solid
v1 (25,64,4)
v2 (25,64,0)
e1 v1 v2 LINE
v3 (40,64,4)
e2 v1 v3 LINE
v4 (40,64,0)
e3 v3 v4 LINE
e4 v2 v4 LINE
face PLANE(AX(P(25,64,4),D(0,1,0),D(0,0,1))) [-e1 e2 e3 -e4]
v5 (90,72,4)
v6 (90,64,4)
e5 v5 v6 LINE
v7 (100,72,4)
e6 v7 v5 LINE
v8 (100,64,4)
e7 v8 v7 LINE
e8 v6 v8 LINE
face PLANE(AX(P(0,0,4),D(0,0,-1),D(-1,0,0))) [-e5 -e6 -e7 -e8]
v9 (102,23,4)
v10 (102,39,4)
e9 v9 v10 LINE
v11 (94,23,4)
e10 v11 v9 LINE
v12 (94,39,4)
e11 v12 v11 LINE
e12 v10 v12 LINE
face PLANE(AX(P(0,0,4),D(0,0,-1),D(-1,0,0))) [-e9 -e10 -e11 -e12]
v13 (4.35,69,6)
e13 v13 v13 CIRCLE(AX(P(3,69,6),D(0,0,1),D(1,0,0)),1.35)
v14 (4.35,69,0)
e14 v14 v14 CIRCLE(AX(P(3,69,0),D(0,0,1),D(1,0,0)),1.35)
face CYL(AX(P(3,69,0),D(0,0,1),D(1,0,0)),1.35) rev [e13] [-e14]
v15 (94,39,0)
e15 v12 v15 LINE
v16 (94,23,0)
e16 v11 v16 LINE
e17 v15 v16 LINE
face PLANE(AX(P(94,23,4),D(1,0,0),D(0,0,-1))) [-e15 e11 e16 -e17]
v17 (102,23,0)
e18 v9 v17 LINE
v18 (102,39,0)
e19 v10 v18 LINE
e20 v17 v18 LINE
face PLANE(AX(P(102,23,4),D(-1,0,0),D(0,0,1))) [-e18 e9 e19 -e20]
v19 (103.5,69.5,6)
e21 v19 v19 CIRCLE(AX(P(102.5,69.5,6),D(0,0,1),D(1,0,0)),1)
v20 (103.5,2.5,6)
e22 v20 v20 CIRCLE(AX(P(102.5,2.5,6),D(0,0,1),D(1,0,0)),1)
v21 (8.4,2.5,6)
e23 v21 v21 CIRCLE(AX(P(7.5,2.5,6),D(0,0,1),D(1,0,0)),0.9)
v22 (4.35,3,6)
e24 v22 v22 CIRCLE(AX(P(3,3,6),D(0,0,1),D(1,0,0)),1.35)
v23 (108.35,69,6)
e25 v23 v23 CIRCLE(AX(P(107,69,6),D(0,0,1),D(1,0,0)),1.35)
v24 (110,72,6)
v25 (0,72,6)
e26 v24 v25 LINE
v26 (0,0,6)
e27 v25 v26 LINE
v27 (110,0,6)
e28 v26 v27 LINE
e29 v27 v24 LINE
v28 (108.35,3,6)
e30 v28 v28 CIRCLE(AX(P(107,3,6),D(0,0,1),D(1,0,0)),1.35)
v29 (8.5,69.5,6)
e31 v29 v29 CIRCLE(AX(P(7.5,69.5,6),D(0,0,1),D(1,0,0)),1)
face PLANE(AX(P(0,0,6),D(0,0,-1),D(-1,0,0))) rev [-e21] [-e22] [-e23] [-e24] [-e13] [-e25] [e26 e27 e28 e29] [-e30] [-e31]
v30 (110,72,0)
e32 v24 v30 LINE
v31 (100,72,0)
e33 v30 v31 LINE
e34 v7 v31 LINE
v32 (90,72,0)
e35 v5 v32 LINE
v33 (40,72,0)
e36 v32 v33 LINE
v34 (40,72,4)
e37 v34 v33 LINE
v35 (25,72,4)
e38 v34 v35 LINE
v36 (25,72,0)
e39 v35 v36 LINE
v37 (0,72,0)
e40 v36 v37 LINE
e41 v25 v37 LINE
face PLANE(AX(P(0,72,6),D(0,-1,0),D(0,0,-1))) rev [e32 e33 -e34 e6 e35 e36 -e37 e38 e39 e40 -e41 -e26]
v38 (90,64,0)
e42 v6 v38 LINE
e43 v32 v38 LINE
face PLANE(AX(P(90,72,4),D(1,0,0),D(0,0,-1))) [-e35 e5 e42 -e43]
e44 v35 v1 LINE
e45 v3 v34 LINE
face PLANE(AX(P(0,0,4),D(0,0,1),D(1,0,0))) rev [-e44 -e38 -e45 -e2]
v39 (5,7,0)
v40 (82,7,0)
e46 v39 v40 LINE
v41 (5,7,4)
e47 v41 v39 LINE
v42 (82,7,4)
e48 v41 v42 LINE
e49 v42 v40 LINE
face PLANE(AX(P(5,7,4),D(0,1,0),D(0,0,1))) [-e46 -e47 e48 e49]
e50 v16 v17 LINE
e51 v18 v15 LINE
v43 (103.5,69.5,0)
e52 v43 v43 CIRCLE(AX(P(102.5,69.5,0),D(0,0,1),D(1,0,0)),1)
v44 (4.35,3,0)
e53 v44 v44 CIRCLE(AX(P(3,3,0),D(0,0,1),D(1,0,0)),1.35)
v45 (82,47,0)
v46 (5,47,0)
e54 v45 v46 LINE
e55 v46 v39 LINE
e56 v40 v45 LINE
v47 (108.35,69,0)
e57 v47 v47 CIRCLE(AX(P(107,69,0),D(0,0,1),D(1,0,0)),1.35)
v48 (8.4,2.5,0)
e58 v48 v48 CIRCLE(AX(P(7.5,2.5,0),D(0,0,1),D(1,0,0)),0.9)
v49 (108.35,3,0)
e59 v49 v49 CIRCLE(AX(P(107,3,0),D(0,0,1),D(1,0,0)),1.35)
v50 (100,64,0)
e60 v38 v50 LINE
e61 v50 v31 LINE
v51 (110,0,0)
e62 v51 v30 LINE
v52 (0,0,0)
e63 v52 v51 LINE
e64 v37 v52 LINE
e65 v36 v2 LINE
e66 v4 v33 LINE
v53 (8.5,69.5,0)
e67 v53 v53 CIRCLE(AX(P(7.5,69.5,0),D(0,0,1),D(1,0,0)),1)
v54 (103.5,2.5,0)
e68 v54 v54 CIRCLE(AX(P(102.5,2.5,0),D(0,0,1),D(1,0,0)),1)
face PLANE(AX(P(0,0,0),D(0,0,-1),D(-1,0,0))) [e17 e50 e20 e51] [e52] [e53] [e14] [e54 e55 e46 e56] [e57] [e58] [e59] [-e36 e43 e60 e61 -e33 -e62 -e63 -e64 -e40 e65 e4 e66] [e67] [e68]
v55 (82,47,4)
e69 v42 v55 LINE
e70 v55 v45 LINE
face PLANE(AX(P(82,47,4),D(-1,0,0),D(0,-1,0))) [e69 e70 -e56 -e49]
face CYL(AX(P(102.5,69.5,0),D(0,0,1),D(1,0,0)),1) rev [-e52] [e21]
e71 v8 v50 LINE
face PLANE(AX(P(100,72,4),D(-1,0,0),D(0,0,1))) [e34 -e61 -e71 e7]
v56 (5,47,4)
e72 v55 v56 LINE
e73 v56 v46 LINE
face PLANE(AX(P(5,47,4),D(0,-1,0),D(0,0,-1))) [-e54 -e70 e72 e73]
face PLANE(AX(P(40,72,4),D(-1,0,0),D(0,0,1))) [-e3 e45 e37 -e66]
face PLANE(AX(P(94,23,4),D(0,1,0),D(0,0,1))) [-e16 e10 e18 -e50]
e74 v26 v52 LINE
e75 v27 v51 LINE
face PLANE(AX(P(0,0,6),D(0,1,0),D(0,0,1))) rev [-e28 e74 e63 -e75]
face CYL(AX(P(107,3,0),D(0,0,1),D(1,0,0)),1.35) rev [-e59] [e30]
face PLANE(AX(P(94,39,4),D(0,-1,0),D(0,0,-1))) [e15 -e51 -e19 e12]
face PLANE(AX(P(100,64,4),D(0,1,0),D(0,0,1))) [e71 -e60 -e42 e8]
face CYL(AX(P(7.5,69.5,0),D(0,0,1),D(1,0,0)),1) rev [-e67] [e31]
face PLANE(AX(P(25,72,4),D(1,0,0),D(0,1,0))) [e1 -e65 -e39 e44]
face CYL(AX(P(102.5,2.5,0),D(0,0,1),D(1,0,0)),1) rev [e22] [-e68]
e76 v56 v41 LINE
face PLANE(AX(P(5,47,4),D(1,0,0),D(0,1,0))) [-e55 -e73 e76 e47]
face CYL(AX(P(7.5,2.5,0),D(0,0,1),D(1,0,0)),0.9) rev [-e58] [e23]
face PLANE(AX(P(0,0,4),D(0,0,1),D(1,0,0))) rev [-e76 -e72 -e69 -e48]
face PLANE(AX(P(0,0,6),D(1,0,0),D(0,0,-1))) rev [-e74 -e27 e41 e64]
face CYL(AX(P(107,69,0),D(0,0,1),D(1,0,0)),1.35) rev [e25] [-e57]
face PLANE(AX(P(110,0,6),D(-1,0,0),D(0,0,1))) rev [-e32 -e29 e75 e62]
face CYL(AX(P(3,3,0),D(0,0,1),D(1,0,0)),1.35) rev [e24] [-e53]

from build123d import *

# Parameters (mm, degrees)
MAIN_SKETCH_W        = 110
MAIN_SKETCH_H        = 72
MAIN_EXTRUSION_DEPTH = 6
MAIN_HOLE_SKETCH_R   = 1
MAIN_HOLE_SKETCH_R_2 = 0.9
MAIN_HOLE_DEPTH      = 7
EPIA_FIX_SKETCH_W    = 77
EPIA_FIX_SKETCH_H    = 40
EPIA_FIX_SKETCH_W_2  = 15
EPIA_FIX_SKETCH_H_2  = 8
EPIA_FIX_SKETCH_W_3  = 10
EPIA_FIX_SKETCH_W_4  = 8
EPIA_FIX_SKETCH_H_3  = 16
EPIA_FIX_DEPTH       = 4
FIX_SKETCH_R         = 1.35
FIX_HOLE_DEPTH       = 7


with BuildPart() as part:
    # Main-Sketch → Main-Extrusion (new body)
    with BuildSketch(Plane.XY):
        with Locations((55, 36)):
            Rectangle(MAIN_SKETCH_W, MAIN_SKETCH_H)
    extrude(amount=MAIN_EXTRUSION_DEPTH)

    # Main-Hole-Sketch → Main-Hole (cut, through all)
    with BuildSketch(Plane.XY.offset(6)):
        with Locations((7.5, 69.5)):
            Circle(MAIN_HOLE_SKETCH_R)
        with Locations((7.5, 2.5)):
            Circle(MAIN_HOLE_SKETCH_R_2)
        with Locations((102.5, 2.5)):
            Circle(MAIN_HOLE_SKETCH_R)
        with Locations((102.5, 69.5)):
            Circle(MAIN_HOLE_SKETCH_R)
    extrude(amount=-MAIN_HOLE_DEPTH, mode=Mode.SUBTRACT)

    # Epia-Fix-Sketch → Epia-Fix (cut)
    with BuildSketch(Plane.XY):
        with Locations((43.5, 27)):
            Rectangle(EPIA_FIX_SKETCH_W, EPIA_FIX_SKETCH_H)
        with Locations((32.5, 68)):
            Rectangle(EPIA_FIX_SKETCH_W_2, EPIA_FIX_SKETCH_H_2)
        with Locations((95, 68)):
            Rectangle(EPIA_FIX_SKETCH_W_3, EPIA_FIX_SKETCH_H_2)
        with Locations((98, 31)):
            Rectangle(EPIA_FIX_SKETCH_W_4, EPIA_FIX_SKETCH_H_3)
    extrude(amount=EPIA_FIX_DEPTH, mode=Mode.SUBTRACT)

    # Fix-Sketch → Fix-Hole (cut, through all)
    with BuildSketch(Plane.XY.offset(6)):
        with Locations((107, 69)):
            Circle(FIX_SKETCH_R)
        with Locations((107, 3)):
            Circle(FIX_SKETCH_R)
        with Locations((3, 69)):
            Circle(FIX_SKETCH_R)
        with Locations((3, 3)):
            Circle(FIX_SKETCH_R)
    extrude(amount=-FIX_HOLE_DEPTH, mode=Mode.SUBTRACT)


solid = part.part
